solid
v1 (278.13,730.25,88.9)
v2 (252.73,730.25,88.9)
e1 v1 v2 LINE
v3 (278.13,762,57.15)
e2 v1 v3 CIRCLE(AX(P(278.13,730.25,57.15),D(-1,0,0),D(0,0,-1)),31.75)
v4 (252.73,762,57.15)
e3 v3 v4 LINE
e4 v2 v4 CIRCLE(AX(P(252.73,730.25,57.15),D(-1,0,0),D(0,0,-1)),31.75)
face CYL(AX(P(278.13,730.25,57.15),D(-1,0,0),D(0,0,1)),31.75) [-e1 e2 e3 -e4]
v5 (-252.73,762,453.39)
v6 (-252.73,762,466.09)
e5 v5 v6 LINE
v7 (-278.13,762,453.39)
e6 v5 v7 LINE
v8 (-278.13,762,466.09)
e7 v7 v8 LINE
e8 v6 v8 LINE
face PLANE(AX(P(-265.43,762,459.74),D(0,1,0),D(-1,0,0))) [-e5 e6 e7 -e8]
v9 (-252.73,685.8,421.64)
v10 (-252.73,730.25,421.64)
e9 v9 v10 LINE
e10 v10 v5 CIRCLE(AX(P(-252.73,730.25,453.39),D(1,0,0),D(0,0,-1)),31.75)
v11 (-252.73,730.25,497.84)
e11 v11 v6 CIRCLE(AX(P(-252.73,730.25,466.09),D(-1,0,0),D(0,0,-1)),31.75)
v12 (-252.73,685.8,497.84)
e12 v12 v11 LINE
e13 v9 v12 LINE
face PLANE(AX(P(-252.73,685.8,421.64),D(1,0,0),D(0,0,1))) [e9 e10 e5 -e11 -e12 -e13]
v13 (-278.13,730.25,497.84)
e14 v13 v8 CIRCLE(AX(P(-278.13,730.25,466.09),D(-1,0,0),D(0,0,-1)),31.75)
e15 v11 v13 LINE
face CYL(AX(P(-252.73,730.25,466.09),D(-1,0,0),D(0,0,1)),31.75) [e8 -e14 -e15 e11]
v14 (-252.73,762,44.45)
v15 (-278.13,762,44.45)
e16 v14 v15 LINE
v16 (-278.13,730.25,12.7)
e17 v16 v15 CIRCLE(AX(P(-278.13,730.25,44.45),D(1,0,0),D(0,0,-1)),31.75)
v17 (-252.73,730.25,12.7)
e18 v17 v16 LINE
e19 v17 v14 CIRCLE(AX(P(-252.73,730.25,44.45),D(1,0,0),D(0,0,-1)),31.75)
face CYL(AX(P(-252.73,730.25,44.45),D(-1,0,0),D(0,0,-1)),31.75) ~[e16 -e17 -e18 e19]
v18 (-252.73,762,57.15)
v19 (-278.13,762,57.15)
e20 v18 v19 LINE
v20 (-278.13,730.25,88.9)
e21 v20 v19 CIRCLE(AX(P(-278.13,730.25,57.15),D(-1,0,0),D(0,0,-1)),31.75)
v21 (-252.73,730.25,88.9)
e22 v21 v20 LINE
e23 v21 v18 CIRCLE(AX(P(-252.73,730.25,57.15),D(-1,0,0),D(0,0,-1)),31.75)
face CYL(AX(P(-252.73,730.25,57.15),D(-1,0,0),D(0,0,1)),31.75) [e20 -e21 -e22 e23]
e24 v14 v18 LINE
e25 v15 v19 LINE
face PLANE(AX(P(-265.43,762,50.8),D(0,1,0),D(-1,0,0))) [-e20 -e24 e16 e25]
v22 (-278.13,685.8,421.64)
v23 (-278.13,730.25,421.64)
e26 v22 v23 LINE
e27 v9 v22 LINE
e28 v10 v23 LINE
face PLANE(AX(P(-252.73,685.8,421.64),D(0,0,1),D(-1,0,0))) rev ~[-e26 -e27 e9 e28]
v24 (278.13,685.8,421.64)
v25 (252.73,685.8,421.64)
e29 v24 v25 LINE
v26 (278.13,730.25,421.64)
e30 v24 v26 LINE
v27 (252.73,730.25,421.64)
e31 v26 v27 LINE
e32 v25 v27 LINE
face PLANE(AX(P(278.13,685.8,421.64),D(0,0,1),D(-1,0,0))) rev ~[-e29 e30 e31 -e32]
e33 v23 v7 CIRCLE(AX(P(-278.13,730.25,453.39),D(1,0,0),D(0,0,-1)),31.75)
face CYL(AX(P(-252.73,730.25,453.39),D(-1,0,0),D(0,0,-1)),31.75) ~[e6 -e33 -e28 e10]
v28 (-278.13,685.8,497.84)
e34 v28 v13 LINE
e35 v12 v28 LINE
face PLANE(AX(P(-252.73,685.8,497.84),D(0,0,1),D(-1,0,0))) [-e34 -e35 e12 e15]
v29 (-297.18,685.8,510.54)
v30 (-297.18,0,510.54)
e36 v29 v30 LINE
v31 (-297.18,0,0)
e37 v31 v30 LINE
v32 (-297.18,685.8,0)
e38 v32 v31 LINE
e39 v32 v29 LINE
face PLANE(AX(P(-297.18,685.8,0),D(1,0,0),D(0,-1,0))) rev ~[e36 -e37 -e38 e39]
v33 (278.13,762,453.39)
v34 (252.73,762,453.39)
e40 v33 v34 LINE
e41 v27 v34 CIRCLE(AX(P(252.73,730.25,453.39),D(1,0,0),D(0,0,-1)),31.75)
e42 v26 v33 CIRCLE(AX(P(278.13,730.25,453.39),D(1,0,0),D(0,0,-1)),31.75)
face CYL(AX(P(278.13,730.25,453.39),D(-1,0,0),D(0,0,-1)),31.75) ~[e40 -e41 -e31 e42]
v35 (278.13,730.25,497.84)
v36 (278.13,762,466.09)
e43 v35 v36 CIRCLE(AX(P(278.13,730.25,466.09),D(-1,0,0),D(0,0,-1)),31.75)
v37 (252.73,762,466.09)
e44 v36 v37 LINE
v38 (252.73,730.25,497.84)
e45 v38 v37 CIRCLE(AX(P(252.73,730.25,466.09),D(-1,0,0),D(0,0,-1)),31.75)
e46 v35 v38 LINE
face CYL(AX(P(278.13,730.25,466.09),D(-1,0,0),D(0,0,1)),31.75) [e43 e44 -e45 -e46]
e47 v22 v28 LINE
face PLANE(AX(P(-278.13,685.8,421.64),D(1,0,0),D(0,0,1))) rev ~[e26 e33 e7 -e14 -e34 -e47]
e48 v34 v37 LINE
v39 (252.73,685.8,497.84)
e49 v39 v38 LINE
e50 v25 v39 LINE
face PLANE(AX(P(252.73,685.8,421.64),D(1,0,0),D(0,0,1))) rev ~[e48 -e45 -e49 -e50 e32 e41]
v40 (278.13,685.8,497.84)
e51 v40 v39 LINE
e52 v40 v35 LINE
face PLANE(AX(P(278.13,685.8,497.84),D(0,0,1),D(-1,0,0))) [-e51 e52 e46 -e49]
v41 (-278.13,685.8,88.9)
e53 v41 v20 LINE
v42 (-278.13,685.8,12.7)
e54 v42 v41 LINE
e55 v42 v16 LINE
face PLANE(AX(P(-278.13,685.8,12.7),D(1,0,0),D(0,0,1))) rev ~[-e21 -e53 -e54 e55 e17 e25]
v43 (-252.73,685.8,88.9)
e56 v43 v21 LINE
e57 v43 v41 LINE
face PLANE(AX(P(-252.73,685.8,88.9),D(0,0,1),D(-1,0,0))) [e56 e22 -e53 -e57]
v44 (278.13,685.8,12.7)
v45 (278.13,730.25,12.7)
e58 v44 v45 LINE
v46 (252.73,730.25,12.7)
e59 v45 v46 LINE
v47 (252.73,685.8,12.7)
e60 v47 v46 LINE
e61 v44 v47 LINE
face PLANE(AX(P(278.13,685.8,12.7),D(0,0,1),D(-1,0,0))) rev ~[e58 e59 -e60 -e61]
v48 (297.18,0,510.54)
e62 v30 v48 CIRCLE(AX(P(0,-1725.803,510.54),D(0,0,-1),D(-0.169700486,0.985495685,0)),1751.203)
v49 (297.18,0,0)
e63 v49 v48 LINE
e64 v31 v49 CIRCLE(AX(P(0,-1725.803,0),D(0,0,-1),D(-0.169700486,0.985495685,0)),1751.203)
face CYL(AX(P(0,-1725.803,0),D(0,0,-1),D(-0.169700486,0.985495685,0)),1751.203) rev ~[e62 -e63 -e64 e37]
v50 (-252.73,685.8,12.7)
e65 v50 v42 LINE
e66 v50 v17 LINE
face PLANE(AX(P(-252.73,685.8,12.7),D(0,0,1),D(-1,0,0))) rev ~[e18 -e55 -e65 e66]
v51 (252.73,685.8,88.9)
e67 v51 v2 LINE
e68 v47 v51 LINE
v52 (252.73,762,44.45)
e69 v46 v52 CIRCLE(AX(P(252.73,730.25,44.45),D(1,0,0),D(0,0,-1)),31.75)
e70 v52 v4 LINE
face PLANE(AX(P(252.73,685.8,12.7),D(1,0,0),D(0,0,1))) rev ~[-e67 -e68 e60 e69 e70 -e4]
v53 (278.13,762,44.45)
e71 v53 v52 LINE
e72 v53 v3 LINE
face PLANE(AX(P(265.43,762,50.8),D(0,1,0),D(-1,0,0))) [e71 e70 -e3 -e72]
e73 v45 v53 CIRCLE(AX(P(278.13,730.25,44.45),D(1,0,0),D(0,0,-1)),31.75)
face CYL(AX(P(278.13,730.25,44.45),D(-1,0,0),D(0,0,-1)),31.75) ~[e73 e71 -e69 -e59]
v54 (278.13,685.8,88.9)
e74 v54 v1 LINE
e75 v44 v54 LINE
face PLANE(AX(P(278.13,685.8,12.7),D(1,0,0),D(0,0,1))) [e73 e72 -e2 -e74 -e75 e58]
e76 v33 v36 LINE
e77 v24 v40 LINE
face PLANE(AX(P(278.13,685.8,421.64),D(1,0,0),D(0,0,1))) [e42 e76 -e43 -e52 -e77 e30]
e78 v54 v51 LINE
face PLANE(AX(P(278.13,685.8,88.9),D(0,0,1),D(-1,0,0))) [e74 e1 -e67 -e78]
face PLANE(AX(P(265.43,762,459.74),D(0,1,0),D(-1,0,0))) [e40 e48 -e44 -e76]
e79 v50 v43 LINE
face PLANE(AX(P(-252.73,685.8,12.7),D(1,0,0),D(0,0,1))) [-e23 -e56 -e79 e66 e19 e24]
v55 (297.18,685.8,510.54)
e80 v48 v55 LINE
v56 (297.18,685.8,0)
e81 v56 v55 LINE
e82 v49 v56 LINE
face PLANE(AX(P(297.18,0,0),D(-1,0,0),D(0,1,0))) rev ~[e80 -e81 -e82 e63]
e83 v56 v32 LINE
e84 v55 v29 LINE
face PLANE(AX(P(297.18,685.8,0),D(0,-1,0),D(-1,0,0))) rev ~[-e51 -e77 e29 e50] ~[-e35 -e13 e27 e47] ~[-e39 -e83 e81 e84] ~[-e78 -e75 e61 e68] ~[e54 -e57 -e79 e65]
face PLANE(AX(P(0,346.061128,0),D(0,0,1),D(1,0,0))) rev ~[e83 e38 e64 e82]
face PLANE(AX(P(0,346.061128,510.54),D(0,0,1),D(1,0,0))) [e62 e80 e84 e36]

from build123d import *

# Parameters (mm, degrees)
F1_DEPTH = 510.54
F2_W     = 25.4
F2_H     = 76.2
F3_DEPTH = 76.2
F4_R     = 31.75


with BuildPart() as f1:
    # F0 (on Top) → F1 (new body)
    with BuildSketch(Plane.XY):
        with BuildLine():
            Line((297.18, 685.8), (-297.18, 685.8))
            Line((-297.18, 685.8), (-297.18, 0))
            ThreePointArc((-297.18, 0), (0, 25.4), (297.18, 0))
            Line((297.18, 0), (297.18, 685.8))
        make_face()
    extrude(amount=F1_DEPTH)

    # F2 (on face) → F3 (join)
    with BuildSketch(Plane(origin=(0, 685.8, 0), x_dir=(-1, 0, 0), z_dir=(0, 1, 0))):
        with Locations((-265.43, 459.74)):
            Rectangle(F2_W, F2_H)
        with Locations((265.43, 459.74)):
            Rectangle(F2_W, F2_H)
        with Locations((-265.43, 50.8)):
            Rectangle(F2_W, F2_H)
        with Locations((265.43, 50.8)):
            Rectangle(F2_W, F2_H)
    extrude(amount=F3_DEPTH)

    # F4
    f4_edges = [f1.edges().sort_by_distance(p)[0] for p in [
        (265.43, 762, 497.84),
        (265.43, 762, 421.64),
        (265.43, 762, 88.9),
        (-265.43, 762, 12.7),
        (-265.43, 762, 88.9),
        (-265.43, 762, 421.64),
        (-265.43, 762, 497.84),
        (265.43, 762, 12.7),
    ]]
    fillet(f4_edges, radius=F4_R)


solid = f1.part
